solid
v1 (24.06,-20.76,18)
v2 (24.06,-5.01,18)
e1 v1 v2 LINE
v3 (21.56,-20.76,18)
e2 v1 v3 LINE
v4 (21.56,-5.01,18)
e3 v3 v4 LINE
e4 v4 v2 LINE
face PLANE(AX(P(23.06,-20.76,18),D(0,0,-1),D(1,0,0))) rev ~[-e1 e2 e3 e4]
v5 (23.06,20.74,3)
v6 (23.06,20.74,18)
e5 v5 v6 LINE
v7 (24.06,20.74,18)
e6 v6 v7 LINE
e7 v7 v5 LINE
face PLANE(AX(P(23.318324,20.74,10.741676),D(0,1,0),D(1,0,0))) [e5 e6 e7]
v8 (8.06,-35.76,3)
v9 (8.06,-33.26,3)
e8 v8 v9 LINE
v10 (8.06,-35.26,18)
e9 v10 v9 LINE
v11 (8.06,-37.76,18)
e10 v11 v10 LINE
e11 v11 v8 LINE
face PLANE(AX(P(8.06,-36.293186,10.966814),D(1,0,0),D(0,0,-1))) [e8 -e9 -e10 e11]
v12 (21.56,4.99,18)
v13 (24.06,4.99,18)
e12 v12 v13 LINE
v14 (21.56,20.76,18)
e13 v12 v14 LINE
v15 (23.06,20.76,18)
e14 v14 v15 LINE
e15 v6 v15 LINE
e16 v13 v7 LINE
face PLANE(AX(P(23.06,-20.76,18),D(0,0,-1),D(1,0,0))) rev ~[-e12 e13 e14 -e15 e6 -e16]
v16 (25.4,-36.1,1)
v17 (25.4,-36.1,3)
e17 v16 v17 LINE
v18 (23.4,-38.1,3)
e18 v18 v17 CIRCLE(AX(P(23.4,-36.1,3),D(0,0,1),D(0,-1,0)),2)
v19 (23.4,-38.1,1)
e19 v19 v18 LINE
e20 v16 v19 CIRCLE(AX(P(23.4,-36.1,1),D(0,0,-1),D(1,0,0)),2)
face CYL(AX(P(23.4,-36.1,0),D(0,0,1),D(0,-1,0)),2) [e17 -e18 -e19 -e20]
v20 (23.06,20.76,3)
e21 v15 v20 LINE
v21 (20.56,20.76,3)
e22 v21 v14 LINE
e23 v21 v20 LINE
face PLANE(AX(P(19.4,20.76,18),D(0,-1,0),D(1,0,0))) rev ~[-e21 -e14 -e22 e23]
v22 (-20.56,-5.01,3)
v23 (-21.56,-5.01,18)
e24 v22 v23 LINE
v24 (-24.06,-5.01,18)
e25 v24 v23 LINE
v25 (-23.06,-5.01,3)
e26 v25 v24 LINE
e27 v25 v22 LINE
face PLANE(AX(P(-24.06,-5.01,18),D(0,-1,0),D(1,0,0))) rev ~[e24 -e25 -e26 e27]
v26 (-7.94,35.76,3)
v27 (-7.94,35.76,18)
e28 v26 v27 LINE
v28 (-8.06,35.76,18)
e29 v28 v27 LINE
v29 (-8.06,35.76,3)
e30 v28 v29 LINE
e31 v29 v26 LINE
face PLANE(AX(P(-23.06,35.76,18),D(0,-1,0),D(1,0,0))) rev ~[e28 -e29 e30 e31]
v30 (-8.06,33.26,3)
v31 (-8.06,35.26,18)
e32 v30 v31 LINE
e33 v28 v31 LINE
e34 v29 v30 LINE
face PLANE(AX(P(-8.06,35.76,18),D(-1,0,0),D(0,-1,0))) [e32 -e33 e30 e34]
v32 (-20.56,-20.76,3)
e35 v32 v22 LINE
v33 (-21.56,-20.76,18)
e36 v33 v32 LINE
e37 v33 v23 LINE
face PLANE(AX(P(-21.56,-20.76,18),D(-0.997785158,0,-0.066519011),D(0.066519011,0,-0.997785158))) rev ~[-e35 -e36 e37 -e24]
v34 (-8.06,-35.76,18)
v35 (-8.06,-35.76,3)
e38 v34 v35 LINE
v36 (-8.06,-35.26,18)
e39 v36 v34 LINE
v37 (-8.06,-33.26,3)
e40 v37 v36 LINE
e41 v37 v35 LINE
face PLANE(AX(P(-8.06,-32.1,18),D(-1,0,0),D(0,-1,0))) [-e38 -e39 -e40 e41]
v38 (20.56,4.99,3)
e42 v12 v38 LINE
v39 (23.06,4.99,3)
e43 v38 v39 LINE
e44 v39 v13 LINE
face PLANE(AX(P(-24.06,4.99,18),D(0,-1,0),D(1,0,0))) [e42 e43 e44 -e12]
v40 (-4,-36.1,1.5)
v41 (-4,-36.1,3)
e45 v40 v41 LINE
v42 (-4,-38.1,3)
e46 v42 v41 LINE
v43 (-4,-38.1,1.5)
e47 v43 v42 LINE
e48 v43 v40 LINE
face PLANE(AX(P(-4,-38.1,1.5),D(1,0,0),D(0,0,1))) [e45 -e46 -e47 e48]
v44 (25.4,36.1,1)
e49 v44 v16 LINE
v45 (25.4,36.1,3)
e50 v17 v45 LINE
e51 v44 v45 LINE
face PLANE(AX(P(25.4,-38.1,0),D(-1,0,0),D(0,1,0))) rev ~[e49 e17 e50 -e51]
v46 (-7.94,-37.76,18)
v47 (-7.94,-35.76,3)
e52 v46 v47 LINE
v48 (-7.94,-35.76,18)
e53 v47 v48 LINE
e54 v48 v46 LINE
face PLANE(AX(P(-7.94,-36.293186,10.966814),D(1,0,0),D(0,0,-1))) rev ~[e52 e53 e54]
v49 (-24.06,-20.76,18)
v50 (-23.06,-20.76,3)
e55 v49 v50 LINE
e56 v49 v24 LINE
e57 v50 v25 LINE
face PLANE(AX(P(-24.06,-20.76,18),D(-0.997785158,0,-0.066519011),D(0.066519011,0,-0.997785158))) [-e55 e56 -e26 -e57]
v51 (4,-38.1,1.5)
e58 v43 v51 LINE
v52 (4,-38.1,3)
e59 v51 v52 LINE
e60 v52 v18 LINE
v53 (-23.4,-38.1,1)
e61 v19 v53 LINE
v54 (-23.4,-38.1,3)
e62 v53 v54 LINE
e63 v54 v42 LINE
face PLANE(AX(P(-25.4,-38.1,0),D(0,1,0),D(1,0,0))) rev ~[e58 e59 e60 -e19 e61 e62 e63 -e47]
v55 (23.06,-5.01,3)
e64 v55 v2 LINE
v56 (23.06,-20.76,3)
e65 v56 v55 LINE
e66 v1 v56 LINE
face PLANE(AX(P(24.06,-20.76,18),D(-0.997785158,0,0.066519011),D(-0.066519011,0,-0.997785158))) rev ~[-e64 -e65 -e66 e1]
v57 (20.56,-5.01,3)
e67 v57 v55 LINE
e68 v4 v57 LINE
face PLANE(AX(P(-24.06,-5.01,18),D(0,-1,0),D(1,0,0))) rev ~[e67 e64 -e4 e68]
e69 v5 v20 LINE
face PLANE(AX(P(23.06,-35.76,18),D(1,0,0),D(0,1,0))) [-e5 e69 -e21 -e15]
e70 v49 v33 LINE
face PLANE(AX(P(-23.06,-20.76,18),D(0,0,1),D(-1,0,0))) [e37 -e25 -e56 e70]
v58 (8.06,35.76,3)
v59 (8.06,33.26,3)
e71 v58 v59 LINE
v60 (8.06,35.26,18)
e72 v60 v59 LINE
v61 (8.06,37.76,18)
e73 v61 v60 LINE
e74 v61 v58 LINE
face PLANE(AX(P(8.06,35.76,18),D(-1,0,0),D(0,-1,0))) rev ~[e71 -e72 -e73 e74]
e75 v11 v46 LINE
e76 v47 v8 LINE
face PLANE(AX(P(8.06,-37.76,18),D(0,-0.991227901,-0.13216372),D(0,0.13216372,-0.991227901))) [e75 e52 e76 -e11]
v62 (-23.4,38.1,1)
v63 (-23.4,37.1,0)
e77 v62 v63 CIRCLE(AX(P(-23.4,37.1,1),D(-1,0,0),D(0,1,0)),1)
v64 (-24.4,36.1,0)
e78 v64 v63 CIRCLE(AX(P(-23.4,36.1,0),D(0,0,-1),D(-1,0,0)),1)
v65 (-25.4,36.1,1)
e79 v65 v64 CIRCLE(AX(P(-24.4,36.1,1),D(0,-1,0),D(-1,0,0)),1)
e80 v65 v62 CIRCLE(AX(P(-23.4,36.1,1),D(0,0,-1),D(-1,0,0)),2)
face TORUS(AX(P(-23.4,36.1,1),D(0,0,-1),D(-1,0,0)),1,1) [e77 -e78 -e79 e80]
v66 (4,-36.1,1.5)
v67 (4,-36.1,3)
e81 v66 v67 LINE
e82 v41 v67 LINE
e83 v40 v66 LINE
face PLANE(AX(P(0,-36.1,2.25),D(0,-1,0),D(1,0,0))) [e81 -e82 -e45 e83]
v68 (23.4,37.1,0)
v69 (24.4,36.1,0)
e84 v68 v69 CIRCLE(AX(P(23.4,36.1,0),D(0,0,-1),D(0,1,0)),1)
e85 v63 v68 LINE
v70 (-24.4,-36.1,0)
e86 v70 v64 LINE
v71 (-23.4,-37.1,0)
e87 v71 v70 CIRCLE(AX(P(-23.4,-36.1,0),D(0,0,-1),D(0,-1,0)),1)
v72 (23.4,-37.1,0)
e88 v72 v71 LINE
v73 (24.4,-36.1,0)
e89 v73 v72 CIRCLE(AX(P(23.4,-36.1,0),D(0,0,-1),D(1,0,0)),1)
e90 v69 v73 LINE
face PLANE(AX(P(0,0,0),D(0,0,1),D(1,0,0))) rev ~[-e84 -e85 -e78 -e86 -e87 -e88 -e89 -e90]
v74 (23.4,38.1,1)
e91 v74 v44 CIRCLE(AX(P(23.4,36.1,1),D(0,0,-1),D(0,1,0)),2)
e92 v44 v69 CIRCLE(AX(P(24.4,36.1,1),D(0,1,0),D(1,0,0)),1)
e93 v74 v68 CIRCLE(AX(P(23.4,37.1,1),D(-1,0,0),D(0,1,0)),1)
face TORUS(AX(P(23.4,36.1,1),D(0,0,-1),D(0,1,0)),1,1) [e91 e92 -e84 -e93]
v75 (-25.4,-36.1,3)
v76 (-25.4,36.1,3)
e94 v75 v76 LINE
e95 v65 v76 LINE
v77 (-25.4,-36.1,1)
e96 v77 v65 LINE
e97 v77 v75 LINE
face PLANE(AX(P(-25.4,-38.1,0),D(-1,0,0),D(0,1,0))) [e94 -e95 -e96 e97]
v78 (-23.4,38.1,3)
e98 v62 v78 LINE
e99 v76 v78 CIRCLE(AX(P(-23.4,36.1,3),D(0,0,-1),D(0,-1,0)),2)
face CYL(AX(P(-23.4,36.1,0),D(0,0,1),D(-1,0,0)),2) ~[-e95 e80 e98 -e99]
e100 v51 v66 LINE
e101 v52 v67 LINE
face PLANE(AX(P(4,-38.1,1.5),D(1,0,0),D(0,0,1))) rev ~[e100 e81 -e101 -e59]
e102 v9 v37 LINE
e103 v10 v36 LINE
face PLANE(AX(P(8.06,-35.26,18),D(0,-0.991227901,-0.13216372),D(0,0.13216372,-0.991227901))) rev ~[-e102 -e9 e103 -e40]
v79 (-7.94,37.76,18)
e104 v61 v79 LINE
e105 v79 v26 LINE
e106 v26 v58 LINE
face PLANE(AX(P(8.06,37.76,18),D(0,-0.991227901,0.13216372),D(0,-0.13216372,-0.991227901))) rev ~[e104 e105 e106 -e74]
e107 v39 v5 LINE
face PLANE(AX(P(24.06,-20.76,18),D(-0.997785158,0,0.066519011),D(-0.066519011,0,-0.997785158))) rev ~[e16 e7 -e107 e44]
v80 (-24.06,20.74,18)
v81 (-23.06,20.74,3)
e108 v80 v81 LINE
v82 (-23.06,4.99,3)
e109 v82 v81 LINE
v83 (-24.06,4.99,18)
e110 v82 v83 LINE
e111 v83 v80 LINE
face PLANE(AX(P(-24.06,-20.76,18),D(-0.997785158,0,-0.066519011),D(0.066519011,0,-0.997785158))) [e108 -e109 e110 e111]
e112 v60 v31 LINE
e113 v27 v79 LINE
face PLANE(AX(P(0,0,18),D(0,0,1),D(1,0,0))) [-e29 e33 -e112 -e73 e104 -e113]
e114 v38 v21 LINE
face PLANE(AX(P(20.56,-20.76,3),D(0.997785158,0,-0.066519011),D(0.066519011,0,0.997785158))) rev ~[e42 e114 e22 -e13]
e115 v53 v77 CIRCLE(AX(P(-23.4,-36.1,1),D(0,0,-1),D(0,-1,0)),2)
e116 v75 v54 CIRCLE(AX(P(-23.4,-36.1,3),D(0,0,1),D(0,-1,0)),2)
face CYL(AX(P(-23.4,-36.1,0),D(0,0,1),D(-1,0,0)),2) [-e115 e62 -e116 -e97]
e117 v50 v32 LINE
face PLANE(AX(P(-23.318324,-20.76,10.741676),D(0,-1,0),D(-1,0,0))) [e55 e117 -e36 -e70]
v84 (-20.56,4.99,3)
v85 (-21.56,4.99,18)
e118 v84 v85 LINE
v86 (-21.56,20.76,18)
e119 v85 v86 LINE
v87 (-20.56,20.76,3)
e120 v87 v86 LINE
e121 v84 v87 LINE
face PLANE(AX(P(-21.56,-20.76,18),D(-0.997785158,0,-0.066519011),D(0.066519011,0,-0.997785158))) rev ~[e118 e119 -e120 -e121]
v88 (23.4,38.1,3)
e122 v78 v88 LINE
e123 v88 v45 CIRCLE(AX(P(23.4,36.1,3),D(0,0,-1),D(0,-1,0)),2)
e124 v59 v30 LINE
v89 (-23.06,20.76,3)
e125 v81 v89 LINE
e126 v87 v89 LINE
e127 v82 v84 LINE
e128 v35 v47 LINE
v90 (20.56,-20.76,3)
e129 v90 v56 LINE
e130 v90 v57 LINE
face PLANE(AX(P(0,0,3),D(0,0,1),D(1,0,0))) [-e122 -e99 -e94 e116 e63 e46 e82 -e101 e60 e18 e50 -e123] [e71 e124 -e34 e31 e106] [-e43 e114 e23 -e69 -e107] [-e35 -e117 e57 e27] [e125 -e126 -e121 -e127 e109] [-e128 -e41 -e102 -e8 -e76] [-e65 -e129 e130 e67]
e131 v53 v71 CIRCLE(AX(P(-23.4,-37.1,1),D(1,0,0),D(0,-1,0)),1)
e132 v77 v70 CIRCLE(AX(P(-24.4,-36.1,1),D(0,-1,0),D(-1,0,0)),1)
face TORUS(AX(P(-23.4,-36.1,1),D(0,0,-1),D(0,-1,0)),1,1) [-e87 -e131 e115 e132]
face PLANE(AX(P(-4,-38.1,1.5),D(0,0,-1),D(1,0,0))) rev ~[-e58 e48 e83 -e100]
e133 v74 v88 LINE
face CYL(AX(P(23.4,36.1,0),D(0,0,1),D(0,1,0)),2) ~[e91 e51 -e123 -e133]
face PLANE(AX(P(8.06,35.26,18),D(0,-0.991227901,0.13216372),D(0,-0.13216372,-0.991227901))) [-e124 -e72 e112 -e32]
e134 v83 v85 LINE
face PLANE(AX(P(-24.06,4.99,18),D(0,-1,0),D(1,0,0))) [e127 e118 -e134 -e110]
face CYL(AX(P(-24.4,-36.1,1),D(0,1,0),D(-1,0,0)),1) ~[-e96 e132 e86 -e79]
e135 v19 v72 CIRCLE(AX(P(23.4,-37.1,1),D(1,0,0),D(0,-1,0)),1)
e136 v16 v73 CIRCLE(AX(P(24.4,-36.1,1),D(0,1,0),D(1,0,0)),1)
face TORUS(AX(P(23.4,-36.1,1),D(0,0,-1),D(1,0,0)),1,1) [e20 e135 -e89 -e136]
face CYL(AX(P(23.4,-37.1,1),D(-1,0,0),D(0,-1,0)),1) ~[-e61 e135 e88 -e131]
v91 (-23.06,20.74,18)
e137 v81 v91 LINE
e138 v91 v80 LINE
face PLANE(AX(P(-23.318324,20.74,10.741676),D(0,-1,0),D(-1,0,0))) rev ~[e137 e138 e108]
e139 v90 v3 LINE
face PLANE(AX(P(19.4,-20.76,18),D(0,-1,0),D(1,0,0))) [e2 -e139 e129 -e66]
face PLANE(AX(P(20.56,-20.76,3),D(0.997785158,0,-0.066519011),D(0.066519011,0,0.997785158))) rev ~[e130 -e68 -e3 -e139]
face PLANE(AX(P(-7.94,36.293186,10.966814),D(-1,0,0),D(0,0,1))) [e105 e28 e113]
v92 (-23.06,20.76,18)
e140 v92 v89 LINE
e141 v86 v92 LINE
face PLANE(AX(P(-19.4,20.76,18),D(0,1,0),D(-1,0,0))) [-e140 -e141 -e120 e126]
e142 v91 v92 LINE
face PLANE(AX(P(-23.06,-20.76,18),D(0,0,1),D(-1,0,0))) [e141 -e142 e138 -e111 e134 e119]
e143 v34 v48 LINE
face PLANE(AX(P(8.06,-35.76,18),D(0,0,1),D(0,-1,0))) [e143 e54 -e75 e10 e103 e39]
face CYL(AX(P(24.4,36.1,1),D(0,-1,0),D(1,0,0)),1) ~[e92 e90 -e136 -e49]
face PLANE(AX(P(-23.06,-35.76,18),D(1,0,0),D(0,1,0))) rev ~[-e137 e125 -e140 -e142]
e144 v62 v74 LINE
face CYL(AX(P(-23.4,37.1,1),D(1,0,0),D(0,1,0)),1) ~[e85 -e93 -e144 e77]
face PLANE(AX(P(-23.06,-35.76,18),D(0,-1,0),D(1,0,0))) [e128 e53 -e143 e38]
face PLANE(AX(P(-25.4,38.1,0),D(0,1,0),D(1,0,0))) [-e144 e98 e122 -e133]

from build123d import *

# Parameters (mm, degrees)
CROQUIS1_W              = 50.8
CROQUIS1_H              = 76.2
SALIENTE_EXTRUIR1_DEPTH = 18
CROQUIS2_W              = 50.8
CROQUIS2_H              = 76.2
CROQUIS2_W_2            = 46.12
CROQUIS2_H_2            = 71.52
CROQUIS2_W_3            = 38.8
CROQUIS2_H_3            = 64.2
CORTAR_EXTRUIR1_DEPTH   = 15
CORTAR_EXTRUIR8_DEPTH   = 15
SALIENTE_EXTRUIR3_DEPTH = 41.5
CORTAR_EXTRUIR9_DEPTH   = 51.5
CORTAR_EXTRUIR10_DEPTH  = 51.5
SALIENTE_EXTRUIR4_DEPTH = 16
CORTAR_EXTRUIR11_DEPTH  = 16.5
REDONDEO3_R             = 2
REDONDEO4_R             = 1
CROQUIS15_W             = 48.12
CROQUIS15_H             = 10
CORTAR_EXTRUIR12_DEPTH  = 15
CROQUIS16_W             = 8
CROQUIS16_H             = 1.5
CORTAR_EXTRUIR13_DEPTH  = 2


with BuildPart() as part:
    # Croquis1 → Saliente-Extruir1 (new body)
    with BuildSketch(Plane.XY):
        Rectangle(CROQUIS1_W, CROQUIS1_H)
    extrude(amount=SALIENTE_EXTRUIR1_DEPTH)

    # Croquis2 → Cortar-Extruir1 (cut)
    # profile 1 of 2: a face of its own
    with BuildSketch(Plane.XY.offset(18)):
        Rectangle(CROQUIS2_W, CROQUIS2_H)
        Rectangle(CROQUIS2_W_2, CROQUIS2_H_2, mode=Mode.SUBTRACT)
    # profile 2 of 2: a face of its own
    with BuildSketch(Plane.XY.offset(18)):
        Rectangle(CROQUIS2_W_3, CROQUIS2_H_3)
    extrude(amount=-CORTAR_EXTRUIR1_DEPTH, mode=Mode.SUBTRACT)

    # Croquis6 → Cortar-Extruir8 (cut)
    with BuildSketch(Plane.XY.offset(18)):
        Polygon((-23.06, 35.76), (-8.06, 35.76), (-8.06, 32.1), (-19.4, 32.1), (-19.4, 20.76), (-23.06, 20.76), align=None)
        Polygon((23.06, 35.76), (8.06, 35.76), (8.06, 32.1), (19.4, 32.1), (19.4, 20.76), (23.06, 20.76), align=None)
        Polygon((-23.06, -35.76), (-23.06, -20.76), (-19.4, -20.76), (-19.4, -32.1), (-8.06, -32.1), (-8.06, -35.76), align=None)
        Polygon((23.06, -35.76), (8.06, -35.76), (8.06, -32.1), (19.4, -32.1), (19.4, -20.76), (23.06, -20.76), align=None)
    extrude(amount=-CORTAR_EXTRUIR8_DEPTH, mode=Mode.SUBTRACT)

    # Croquis10 → Saliente-Extruir3 (add)
    with BuildSketch(Plane(origin=(0, -20.76, 0), x_dir=(-1, 0, 0), z_dir=(0, -1, 0))):
        Polygon((23.06, -18), (24.06, -18), (23.06, -3), align=None)
        Polygon((-23.06, -18), (-24.06, -18), (-23.06, -3), align=None)
    extrude(amount=-SALIENTE_EXTRUIR3_DEPTH)

    # Croquis11 → Cortar-Extruir9 (cut)
    with BuildSketch(Plane.XZ.offset(20.76)):
        Polygon((-19.4, 18), (-21.56, 18), (-20.56, 3), (-19.4, 3), align=None)
    extrude(amount=-CORTAR_EXTRUIR9_DEPTH, mode=Mode.SUBTRACT)

    # Croquis12 → Cortar-Extruir10 (cut)
    with BuildSketch(Plane.XZ.offset(20.76)):
        Polygon((19.4, 18), (19.4, 3), (20.56, 3), (21.56, 18), align=None)
    extrude(amount=-CORTAR_EXTRUIR10_DEPTH, mode=Mode.SUBTRACT)

    # Croquis13 → Saliente-Extruir4 (add)
    with BuildSketch(Plane(origin=(8.06, 0, 0), x_dir=(0, 0, -1), z_dir=(1, 0, 0))):
        Polygon((-18, -35.76), (-18, -37.76), (-3, -35.76), align=None)
        Polygon((-18, 35.76), (-18, 37.76), (-3, 35.76), align=None)
    extrude(amount=-SALIENTE_EXTRUIR4_DEPTH)

    # Croquis14 → Cortar-Extruir11 (cut)
    with BuildSketch(Plane(origin=(8.06, 0, 0), x_dir=(0, 0, -1), z_dir=(1, 0, 0))):
        Polygon((-3, -32.1), (-18, -32.1), (-18, -35.26), (-3, -33.26), align=None)
        Polygon((-18, 32.1), (-18, 35.26), (-3, 33.26), (-3, 32.1), align=None)
    extrude(amount=-CORTAR_EXTRUIR11_DEPTH, mode=Mode.SUBTRACT)

    # Redondeo3
    redondeo3_edges = [part.edges().sort_by_distance(p)[0] for p in [
        (-25.4, 38.1, 1.5),
        (25.4, 38.1, 1.5),
        (25.4, -38.1, 1.5),
        (-25.4, -38.1, 1.5),
    ]]
    fillet(redondeo3_edges, radius=REDONDEO3_R)

    # Redondeo4
    redondeo4_edges = [part.edges().sort_by_distance(p)[0] for p in [
        (0, 38.1, 0),
        (-25.4, 0, 0),
        (25.4, 0, 0),
        (0, -38.1, 0),
        (24.814213562, -37.514213562, 0),
        (-24.814213562, -37.514213562, 0),
        (-24.814213562, 37.514213562, 0),
        (24.814213562, 37.514213562, 0),
    ]]
    fillet(redondeo4_edges, radius=REDONDEO4_R)

    # Croquis15 → Cortar-Extruir12 (cut)
    with BuildSketch(Plane.XY.offset(18)):
        with Locations((0, -0.01)):
            Rectangle(CROQUIS15_W, CROQUIS15_H)
    extrude(amount=-CORTAR_EXTRUIR12_DEPTH, mode=Mode.SUBTRACT)

    # Croquis16 → Cortar-Extruir13 (cut)
    with BuildSketch(Plane.XZ.offset(38.1)):
        with Locations((0, 2.25)):
            Rectangle(CROQUIS16_W, CROQUIS16_H)
    extrude(amount=-CORTAR_EXTRUIR13_DEPTH, mode=Mode.SUBTRACT)


solid = part.part
